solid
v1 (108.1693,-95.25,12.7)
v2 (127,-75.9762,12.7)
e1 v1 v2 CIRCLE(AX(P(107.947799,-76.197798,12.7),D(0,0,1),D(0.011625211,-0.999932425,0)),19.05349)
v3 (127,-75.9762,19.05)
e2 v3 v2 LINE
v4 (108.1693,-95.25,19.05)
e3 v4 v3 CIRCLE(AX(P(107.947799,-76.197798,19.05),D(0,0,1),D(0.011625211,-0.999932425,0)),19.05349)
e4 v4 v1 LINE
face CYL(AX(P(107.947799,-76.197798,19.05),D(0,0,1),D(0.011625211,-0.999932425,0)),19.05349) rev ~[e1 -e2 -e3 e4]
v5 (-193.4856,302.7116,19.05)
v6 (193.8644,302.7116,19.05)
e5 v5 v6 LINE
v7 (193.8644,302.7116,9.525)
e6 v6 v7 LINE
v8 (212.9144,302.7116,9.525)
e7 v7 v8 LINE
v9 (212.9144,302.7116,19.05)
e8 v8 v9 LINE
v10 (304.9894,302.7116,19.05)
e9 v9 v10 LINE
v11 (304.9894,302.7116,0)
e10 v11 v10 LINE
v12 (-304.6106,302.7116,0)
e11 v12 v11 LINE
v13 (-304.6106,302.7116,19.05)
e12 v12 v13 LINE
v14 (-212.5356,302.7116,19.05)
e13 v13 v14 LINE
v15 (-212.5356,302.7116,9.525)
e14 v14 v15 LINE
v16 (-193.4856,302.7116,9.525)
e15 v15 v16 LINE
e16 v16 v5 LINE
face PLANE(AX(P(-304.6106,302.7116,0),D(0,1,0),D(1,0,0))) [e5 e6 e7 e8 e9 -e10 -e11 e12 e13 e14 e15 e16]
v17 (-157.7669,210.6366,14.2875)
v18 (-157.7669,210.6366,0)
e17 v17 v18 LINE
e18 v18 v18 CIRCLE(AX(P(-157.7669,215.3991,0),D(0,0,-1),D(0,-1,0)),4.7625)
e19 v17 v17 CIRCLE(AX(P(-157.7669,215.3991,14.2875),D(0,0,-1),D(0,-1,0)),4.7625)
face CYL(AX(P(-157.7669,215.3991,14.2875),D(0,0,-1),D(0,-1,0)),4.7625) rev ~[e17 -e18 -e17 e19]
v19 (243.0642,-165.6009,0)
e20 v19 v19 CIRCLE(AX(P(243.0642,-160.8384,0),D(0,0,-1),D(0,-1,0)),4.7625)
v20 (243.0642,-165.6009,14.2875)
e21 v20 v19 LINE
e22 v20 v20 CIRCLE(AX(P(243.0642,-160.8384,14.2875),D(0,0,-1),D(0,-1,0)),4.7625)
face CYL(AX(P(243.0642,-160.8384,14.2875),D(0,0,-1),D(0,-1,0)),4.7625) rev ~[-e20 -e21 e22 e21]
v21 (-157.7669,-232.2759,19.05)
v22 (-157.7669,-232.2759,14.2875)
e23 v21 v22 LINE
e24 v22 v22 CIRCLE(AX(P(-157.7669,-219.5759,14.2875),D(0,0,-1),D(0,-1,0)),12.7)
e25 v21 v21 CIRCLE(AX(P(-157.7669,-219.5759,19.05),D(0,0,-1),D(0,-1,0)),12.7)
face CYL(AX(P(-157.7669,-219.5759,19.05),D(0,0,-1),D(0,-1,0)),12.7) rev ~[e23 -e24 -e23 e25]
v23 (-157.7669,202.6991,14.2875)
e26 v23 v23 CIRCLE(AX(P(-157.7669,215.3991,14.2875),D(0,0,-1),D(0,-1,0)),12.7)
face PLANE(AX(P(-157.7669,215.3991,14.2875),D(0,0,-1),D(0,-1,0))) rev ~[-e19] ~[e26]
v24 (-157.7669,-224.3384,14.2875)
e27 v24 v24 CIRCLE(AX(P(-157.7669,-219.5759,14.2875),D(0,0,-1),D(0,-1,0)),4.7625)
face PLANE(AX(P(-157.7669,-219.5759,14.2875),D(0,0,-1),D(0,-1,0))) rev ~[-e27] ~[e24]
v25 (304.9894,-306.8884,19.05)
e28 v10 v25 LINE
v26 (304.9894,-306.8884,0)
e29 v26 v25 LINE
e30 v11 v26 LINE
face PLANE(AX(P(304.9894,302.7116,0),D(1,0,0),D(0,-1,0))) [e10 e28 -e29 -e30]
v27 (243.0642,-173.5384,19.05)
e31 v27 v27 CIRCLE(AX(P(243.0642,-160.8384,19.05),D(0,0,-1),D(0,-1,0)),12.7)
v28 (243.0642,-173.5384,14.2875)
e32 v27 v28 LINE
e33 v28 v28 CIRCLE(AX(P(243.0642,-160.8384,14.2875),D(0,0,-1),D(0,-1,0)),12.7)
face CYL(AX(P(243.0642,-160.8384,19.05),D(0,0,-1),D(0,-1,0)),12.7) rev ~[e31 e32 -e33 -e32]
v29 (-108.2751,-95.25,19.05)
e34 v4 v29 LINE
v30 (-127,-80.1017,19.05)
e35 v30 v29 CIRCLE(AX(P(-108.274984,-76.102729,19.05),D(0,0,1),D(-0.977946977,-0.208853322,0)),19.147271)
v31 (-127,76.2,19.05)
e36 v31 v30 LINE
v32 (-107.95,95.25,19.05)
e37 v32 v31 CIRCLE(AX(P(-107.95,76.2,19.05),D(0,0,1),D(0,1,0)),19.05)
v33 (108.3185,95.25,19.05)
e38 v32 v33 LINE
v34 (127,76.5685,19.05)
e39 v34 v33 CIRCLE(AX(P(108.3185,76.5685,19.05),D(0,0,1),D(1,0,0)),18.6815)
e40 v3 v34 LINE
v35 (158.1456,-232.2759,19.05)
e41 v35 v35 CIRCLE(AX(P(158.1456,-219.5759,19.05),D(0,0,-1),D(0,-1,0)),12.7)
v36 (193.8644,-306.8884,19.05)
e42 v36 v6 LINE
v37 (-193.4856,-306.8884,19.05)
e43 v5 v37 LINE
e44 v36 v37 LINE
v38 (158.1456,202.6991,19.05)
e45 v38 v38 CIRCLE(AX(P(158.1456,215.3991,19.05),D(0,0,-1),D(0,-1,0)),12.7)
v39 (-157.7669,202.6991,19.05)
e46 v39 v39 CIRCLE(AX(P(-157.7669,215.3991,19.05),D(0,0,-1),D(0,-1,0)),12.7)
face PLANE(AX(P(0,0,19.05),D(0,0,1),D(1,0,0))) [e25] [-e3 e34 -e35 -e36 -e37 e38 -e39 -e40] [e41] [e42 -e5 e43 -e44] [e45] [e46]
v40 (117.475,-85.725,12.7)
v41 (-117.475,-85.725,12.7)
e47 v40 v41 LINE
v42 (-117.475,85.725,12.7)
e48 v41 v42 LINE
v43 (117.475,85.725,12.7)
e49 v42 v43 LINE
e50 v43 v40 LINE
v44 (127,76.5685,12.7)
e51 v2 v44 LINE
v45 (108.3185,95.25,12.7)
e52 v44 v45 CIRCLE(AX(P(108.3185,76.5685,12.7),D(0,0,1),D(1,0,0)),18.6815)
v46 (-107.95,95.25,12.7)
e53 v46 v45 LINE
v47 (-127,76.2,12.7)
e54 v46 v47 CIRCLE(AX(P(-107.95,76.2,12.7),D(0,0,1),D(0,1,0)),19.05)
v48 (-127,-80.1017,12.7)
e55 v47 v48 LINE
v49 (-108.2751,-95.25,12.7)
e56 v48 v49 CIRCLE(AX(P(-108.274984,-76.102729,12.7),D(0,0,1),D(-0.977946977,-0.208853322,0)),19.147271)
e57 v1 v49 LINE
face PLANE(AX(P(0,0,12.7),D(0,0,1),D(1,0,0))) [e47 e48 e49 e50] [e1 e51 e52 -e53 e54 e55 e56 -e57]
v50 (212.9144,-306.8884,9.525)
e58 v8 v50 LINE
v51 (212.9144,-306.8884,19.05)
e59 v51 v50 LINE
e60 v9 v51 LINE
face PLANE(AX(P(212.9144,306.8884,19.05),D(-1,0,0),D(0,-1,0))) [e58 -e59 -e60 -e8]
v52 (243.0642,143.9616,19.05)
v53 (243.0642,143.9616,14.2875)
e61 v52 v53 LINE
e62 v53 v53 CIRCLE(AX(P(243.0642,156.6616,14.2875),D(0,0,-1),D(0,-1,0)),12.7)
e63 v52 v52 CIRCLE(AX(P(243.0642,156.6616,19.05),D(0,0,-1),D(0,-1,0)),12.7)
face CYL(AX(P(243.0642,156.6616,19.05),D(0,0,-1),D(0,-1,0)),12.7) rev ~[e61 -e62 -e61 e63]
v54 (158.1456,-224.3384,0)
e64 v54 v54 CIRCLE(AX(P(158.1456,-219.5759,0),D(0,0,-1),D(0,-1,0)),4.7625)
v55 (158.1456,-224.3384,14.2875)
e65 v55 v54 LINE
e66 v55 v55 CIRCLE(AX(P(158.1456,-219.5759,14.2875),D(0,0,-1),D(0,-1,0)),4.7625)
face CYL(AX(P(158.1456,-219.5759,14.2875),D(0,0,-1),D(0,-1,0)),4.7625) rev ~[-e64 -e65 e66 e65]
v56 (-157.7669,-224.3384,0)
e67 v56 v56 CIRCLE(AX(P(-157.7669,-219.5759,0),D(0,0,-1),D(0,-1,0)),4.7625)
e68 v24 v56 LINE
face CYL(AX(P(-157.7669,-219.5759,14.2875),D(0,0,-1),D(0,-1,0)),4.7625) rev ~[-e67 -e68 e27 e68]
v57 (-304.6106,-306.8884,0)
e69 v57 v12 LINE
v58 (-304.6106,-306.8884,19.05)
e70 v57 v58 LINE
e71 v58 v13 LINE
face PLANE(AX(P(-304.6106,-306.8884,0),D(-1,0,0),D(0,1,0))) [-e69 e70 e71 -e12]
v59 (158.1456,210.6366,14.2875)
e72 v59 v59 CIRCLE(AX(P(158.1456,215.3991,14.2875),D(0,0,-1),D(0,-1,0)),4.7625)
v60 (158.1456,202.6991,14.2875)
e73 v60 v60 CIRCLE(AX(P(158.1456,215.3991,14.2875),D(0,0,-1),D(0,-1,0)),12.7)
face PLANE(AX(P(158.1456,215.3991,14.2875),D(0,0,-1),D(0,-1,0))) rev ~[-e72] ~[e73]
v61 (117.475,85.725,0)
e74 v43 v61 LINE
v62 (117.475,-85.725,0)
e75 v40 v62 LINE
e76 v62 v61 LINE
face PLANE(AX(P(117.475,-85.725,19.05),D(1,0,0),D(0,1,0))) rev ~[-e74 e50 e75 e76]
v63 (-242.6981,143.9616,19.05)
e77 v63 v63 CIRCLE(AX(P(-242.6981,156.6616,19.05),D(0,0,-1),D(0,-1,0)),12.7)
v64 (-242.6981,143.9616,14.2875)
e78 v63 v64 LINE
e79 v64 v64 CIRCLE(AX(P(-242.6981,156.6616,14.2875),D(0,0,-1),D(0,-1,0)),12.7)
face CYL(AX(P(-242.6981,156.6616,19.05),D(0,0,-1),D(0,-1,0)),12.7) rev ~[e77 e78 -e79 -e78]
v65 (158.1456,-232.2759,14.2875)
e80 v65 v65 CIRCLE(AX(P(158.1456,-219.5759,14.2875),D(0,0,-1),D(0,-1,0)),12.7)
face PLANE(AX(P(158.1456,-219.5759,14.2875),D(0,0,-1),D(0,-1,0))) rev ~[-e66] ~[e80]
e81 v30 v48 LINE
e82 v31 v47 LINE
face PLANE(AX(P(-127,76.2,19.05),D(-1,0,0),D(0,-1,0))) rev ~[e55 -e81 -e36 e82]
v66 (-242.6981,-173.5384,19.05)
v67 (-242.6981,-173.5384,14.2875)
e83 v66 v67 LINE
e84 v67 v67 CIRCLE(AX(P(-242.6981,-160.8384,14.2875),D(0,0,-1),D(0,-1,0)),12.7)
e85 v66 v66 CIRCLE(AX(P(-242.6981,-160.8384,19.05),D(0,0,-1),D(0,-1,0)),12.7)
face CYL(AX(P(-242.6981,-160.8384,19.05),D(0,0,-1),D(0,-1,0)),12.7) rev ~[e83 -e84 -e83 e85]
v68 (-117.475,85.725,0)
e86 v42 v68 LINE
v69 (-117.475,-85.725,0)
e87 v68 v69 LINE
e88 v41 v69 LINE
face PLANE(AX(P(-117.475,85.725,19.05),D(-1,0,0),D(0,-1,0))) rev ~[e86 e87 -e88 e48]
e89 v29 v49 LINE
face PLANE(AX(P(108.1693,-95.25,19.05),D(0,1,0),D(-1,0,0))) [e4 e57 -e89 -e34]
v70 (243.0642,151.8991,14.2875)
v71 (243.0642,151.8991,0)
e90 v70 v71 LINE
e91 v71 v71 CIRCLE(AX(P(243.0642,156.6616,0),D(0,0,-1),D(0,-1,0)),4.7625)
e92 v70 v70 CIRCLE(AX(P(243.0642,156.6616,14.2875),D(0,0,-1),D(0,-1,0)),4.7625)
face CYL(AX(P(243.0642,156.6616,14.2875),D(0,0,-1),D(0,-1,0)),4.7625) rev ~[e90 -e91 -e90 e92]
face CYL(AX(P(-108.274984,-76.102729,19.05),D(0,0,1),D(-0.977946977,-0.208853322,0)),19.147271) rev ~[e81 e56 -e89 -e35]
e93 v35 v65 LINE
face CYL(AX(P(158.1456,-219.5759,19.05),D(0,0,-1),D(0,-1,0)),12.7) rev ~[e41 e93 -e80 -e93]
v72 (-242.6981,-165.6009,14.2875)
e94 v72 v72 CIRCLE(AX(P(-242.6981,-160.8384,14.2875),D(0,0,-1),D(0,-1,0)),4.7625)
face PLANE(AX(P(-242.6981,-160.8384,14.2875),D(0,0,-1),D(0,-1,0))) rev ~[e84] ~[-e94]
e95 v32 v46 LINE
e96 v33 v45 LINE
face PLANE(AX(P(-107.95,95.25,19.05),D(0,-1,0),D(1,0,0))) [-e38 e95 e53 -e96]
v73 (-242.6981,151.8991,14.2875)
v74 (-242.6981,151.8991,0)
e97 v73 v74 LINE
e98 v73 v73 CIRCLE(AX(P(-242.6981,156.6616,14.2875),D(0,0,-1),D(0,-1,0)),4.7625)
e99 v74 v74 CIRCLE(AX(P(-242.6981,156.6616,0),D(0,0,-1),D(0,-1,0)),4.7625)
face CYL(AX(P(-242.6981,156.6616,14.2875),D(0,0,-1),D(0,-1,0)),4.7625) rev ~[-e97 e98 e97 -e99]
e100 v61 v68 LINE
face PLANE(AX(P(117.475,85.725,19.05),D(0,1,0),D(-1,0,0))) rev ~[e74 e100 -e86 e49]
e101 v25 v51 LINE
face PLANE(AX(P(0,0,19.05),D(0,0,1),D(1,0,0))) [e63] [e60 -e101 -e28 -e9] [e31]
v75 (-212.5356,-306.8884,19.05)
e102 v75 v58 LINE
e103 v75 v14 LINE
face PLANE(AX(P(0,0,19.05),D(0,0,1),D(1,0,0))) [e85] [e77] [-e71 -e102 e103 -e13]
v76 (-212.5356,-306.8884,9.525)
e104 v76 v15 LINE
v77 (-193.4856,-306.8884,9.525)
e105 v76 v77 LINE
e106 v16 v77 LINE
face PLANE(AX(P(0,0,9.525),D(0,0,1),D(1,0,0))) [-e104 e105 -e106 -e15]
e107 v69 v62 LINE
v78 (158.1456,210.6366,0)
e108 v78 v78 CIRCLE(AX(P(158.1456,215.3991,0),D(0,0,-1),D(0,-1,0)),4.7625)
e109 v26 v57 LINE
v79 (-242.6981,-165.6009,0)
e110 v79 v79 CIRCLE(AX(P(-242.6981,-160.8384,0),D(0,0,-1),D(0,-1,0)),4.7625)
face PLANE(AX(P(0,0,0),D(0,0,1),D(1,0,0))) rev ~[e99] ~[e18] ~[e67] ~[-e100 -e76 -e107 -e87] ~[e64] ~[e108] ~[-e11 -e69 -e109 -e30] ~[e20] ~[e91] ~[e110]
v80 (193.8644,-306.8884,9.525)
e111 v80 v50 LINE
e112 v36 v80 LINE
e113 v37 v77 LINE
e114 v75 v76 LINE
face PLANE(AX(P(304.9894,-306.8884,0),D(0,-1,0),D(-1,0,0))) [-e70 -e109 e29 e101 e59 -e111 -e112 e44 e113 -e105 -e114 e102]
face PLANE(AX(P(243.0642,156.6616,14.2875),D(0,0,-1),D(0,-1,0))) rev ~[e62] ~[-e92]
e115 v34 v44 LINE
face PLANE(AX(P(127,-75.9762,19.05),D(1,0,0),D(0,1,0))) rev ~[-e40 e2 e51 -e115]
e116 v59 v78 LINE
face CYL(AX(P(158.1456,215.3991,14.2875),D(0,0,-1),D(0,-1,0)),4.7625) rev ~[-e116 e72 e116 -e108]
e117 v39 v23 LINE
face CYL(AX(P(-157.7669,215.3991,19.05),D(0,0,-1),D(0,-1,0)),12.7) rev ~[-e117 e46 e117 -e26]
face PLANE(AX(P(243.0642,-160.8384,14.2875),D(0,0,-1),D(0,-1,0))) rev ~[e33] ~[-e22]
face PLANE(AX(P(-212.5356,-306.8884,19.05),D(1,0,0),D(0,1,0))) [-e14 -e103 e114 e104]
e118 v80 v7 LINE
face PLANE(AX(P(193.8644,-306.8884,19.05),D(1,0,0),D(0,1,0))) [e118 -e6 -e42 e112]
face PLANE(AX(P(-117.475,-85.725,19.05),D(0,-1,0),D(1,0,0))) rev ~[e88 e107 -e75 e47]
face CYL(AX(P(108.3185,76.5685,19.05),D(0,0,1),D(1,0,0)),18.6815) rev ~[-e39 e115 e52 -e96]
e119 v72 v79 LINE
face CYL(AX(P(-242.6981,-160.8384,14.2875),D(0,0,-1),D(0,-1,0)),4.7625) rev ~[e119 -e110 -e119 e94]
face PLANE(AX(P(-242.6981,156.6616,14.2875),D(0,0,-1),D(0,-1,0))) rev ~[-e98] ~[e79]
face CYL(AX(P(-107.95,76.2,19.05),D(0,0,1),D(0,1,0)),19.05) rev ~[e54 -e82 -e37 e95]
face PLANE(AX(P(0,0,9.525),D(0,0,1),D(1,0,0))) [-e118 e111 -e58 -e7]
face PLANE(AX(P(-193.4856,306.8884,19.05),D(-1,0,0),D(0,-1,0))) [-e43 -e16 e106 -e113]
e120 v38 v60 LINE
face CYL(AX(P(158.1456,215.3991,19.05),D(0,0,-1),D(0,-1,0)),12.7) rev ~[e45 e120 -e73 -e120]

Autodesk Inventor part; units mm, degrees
ref_plane "YZ Plane" through (0, 0, 0) normal (1, 0, 0) x (0, 1, 0)
ref_plane "XZ Plane" through (0, 0, 0) normal (0, 1, 0) x (-1, 0, 0)
ref_plane "XY Plane" through (0, 0, 0) normal (0, 0, 1) x (1, 0, 0)
sketch "Sketch1" plane through (0, 0, 0) normal (0, 0, 1) x (1, 0, 0)
  line L0 (-304.6106, 302.7116) -> (304.9894, 302.7116)
  line L1 (304.9894, 302.7116) -> (304.9894, -306.8884)
  line L2 (304.9894, -306.8884) -> (-304.6106, -306.8884)
  line L3 (-304.6106, -306.8884) -> (-304.6106, 302.7116)
  point P0 (0, 0)
  dimension "d0" = 609.6
  dimension "d2" = 609.6
extrude "Extrusion1" add sketch "Sketch1" along normal blind 19.05
sketch "Sketch2" plane through (0, 0, 19.05) normal (0, 0, 1) x (1, 0, 0)
  circle A0 centre (-242.6981, -160.8384) radius 4.7625
  circle A1 centre (243.0642, -160.8384) radius 4.7625
  circle A2 centre (243.0642, 156.6616) radius 4.7625
  circle A3 centre (-242.6981, 156.6616) radius 4.7625
  circle A4 centre (-157.7669, -219.5759) radius 4.7625
  circle A5 centre (158.1456, -219.5759) radius 4.7625
  circle A6 centre (158.1456, 215.3991) radius 4.7625
  circle A7 centre (-157.7669, 215.3991) radius 4.7625
  point P0 (-304.6106, -306.8884)
  point P1 (0, 0)
  point P2 (304.9894, 302.7116)
  point P3 (-304.6106, 302.7116)
  point P4 (304.9894, -306.8884)
  dimension "d5" = 9.525
  dimension "d6" = 146.05
  dimension "d7" = 61.9125
  dimension "d15" = 9.525
  dimension "d16" = 146.05
  dimension "d17" = 61.9252
  dimension "d18" = 9.525
  dimension "d19" = 61.9252
  dimension "d20" = 146.05
  dimension "d21" = 9.525
  dimension "d22" = 61.9125
  dimension "d23" = 146.05
  dimension "d24" = 9.525
  dimension "d25" = 146.8438
  dimension "d26" = 87.3125
  dimension "d27" = 9.525
  dimension "d28" = 146.8438
  dimension "d29" = 87.3125
  dimension "d30" = 9.525
  dimension "d31" = 87.3125
  dimension "d32" = 146.8438
  dimension "d33" = 9.525
  dimension "d34" = 146.8438
  dimension "d35" = 87.3125
hole "Hole2" at (-242.6981, -160.8384, 19.05) at (-242.6981, 156.6616, 19.05) at (-157.7669, 215.3991, 19.05) at (158.1456, 215.3991, 19.05) at (243.0642, 156.6616, 19.05) at (243.0642, -160.8384, 19.05) at (158.1456, -219.5759, 19.05) at (-157.7669, -219.5759, 19.05) direction (0, 0, -1) diameter 9.525 end through all counterbore diameter 25.4 counterbore depth 4.7625
sketch "Sketch3" plane through (0, 0, 19.05) normal (0, 0, 1) x (1, 0, 0)
  line L0 (-117.475, -85.725) -> (117.475, -85.725)
  line L1 (117.475, -85.725) -> (117.475, 85.725)
  line L2 (117.475, 85.725) -> (-117.475, 85.725)
  line L3 (-117.475, 85.725) -> (-117.475, -85.725)
  line L4 (-117.475, -85.725) -> (117.475, 85.725) construction
  line L5 (117.475, -85.725) -> (-117.475, 85.725) construction
  point P0 (0, 0)
  dimension "d43" = 234.95
  dimension "d44" = 171.45
extrude "Extrusion2" cut sketch "Sketch3" against normal blind 19.05
sketch "Sketch4" plane through (0, 0, 19.05) normal (0, 0, 1) x (1, 0, 0)
  line L0 (117.475, 85.725) -> (117.475, -85.725) projected
  line L1 (117.475, -85.725) -> (-117.475, -85.725) projected
  line L2 (-117.475, -85.725) -> (-117.475, 85.725) projected
  line L3 (-117.475, 85.725) -> (117.475, 85.725) projected
  arc A0 (-107.95, 95.25) -> (-127, 76.2) centre (-107.95, 76.2) ccw
  line L4 (-107.95, 76.2) -> (-107.95, 95.25) construction
  line L5 (-107.95, 76.2) -> (-88.9, 76.2) construction
  line L6 (-107.95, 76.2) -> (-127, 76.2) construction
  arc A1 (-127, -80.1017) -> (-108.2751, -95.25) centre (-108.2751, -76.1028) ccw
  arc A2 (108.1693, -95.25) -> (127, -75.9762) centre (107.9478, -76.1978) ccw
  line L7 (107.9478, -76.1978) -> (127, -75.9762) construction
  line L8 (107.9478, -76.1978) -> (108.1693, -95.25) construction
  arc A3 (127, 76.5685) -> (108.3185, 95.25) centre (108.3185, 76.5685) ccw
  line L9 (127, -75.9762) -> (127, 76.5685)
  line L10 (-107.95, 95.25) -> (108.3185, 95.25)
  line L11 (108.1693, -95.25) -> (-108.2751, -95.25)
  line L12 (-127, 76.2) -> (-127, -80.1017)
  point P0 (0, 0)
  dimension "d47" = 19.05
  dimension "d48" = 90
  dimension "d49" = 90
  dimension "d50" = 9.525
  dimension "d51" = 9.525
  dimension "d52" = 9.525
  dimension "d53" = 9.525
  dimension "d54" = 90
  dimension "d55" = 9.525
  dimension "d56" = 9.525
  dimension "d57" = 9.525
  dimension "d58" = 9.525
extrude "Extrusion3" cut sketch "Sketch4" against normal blind 6.35
sketch "Sketch5" plane through (0, 0, 19.05) normal (0, 0, 1) x (1, 0, 0)
  line L0 (-304.6106, 302.7116) -> (-304.6106, -306.8884) projected
  line L1 (-304.6106, -306.8884) -> (304.9894, -306.8884) projected
  line L2 (304.9894, -306.8884) -> (304.9894, 302.7116) projected
  line L3 (-212.5356, 306.8884) -> (-193.4856, 306.8884)
  line L4 (-193.4856, 306.8884) -> (-193.4856, -306.8884)
  line L5 (-193.4856, -306.8884) -> (-212.5356, -306.8884)
  line L6 (-212.5356, -306.8884) -> (-212.5356, 306.8884)
  line L7 (-212.5356, 306.8884) -> (-193.4856, -306.8884) construction
  line L8 (-193.4856, 306.8884) -> (-212.5356, -306.8884) construction
  line L9 (193.8644, 306.8884) -> (212.9144, 306.8884)
  line L10 (212.9144, 306.8884) -> (212.9144, -306.8884)
  line L11 (212.9144, -306.8884) -> (193.8644, -306.8884)
  line L12 (193.8644, -306.8884) -> (193.8644, 306.8884)
  line L13 (193.8644, 306.8884) -> (212.9144, -306.8884) construction
  line L14 (212.9144, 306.8884) -> (193.8644, -306.8884) construction
  point P0 (0, 0)
  point P1 (-203.0106, 0)
  point P2 (203.3894, 0)
  dimension "d61" = 19.05
  dimension "d62" = 101.6
  dimension "d63" = 19.05
  dimension "d64" = 101.6
extrude "Extrusion4" cut sketch "Sketch5" against normal blind 9.525
properties part number "router_table_1"
